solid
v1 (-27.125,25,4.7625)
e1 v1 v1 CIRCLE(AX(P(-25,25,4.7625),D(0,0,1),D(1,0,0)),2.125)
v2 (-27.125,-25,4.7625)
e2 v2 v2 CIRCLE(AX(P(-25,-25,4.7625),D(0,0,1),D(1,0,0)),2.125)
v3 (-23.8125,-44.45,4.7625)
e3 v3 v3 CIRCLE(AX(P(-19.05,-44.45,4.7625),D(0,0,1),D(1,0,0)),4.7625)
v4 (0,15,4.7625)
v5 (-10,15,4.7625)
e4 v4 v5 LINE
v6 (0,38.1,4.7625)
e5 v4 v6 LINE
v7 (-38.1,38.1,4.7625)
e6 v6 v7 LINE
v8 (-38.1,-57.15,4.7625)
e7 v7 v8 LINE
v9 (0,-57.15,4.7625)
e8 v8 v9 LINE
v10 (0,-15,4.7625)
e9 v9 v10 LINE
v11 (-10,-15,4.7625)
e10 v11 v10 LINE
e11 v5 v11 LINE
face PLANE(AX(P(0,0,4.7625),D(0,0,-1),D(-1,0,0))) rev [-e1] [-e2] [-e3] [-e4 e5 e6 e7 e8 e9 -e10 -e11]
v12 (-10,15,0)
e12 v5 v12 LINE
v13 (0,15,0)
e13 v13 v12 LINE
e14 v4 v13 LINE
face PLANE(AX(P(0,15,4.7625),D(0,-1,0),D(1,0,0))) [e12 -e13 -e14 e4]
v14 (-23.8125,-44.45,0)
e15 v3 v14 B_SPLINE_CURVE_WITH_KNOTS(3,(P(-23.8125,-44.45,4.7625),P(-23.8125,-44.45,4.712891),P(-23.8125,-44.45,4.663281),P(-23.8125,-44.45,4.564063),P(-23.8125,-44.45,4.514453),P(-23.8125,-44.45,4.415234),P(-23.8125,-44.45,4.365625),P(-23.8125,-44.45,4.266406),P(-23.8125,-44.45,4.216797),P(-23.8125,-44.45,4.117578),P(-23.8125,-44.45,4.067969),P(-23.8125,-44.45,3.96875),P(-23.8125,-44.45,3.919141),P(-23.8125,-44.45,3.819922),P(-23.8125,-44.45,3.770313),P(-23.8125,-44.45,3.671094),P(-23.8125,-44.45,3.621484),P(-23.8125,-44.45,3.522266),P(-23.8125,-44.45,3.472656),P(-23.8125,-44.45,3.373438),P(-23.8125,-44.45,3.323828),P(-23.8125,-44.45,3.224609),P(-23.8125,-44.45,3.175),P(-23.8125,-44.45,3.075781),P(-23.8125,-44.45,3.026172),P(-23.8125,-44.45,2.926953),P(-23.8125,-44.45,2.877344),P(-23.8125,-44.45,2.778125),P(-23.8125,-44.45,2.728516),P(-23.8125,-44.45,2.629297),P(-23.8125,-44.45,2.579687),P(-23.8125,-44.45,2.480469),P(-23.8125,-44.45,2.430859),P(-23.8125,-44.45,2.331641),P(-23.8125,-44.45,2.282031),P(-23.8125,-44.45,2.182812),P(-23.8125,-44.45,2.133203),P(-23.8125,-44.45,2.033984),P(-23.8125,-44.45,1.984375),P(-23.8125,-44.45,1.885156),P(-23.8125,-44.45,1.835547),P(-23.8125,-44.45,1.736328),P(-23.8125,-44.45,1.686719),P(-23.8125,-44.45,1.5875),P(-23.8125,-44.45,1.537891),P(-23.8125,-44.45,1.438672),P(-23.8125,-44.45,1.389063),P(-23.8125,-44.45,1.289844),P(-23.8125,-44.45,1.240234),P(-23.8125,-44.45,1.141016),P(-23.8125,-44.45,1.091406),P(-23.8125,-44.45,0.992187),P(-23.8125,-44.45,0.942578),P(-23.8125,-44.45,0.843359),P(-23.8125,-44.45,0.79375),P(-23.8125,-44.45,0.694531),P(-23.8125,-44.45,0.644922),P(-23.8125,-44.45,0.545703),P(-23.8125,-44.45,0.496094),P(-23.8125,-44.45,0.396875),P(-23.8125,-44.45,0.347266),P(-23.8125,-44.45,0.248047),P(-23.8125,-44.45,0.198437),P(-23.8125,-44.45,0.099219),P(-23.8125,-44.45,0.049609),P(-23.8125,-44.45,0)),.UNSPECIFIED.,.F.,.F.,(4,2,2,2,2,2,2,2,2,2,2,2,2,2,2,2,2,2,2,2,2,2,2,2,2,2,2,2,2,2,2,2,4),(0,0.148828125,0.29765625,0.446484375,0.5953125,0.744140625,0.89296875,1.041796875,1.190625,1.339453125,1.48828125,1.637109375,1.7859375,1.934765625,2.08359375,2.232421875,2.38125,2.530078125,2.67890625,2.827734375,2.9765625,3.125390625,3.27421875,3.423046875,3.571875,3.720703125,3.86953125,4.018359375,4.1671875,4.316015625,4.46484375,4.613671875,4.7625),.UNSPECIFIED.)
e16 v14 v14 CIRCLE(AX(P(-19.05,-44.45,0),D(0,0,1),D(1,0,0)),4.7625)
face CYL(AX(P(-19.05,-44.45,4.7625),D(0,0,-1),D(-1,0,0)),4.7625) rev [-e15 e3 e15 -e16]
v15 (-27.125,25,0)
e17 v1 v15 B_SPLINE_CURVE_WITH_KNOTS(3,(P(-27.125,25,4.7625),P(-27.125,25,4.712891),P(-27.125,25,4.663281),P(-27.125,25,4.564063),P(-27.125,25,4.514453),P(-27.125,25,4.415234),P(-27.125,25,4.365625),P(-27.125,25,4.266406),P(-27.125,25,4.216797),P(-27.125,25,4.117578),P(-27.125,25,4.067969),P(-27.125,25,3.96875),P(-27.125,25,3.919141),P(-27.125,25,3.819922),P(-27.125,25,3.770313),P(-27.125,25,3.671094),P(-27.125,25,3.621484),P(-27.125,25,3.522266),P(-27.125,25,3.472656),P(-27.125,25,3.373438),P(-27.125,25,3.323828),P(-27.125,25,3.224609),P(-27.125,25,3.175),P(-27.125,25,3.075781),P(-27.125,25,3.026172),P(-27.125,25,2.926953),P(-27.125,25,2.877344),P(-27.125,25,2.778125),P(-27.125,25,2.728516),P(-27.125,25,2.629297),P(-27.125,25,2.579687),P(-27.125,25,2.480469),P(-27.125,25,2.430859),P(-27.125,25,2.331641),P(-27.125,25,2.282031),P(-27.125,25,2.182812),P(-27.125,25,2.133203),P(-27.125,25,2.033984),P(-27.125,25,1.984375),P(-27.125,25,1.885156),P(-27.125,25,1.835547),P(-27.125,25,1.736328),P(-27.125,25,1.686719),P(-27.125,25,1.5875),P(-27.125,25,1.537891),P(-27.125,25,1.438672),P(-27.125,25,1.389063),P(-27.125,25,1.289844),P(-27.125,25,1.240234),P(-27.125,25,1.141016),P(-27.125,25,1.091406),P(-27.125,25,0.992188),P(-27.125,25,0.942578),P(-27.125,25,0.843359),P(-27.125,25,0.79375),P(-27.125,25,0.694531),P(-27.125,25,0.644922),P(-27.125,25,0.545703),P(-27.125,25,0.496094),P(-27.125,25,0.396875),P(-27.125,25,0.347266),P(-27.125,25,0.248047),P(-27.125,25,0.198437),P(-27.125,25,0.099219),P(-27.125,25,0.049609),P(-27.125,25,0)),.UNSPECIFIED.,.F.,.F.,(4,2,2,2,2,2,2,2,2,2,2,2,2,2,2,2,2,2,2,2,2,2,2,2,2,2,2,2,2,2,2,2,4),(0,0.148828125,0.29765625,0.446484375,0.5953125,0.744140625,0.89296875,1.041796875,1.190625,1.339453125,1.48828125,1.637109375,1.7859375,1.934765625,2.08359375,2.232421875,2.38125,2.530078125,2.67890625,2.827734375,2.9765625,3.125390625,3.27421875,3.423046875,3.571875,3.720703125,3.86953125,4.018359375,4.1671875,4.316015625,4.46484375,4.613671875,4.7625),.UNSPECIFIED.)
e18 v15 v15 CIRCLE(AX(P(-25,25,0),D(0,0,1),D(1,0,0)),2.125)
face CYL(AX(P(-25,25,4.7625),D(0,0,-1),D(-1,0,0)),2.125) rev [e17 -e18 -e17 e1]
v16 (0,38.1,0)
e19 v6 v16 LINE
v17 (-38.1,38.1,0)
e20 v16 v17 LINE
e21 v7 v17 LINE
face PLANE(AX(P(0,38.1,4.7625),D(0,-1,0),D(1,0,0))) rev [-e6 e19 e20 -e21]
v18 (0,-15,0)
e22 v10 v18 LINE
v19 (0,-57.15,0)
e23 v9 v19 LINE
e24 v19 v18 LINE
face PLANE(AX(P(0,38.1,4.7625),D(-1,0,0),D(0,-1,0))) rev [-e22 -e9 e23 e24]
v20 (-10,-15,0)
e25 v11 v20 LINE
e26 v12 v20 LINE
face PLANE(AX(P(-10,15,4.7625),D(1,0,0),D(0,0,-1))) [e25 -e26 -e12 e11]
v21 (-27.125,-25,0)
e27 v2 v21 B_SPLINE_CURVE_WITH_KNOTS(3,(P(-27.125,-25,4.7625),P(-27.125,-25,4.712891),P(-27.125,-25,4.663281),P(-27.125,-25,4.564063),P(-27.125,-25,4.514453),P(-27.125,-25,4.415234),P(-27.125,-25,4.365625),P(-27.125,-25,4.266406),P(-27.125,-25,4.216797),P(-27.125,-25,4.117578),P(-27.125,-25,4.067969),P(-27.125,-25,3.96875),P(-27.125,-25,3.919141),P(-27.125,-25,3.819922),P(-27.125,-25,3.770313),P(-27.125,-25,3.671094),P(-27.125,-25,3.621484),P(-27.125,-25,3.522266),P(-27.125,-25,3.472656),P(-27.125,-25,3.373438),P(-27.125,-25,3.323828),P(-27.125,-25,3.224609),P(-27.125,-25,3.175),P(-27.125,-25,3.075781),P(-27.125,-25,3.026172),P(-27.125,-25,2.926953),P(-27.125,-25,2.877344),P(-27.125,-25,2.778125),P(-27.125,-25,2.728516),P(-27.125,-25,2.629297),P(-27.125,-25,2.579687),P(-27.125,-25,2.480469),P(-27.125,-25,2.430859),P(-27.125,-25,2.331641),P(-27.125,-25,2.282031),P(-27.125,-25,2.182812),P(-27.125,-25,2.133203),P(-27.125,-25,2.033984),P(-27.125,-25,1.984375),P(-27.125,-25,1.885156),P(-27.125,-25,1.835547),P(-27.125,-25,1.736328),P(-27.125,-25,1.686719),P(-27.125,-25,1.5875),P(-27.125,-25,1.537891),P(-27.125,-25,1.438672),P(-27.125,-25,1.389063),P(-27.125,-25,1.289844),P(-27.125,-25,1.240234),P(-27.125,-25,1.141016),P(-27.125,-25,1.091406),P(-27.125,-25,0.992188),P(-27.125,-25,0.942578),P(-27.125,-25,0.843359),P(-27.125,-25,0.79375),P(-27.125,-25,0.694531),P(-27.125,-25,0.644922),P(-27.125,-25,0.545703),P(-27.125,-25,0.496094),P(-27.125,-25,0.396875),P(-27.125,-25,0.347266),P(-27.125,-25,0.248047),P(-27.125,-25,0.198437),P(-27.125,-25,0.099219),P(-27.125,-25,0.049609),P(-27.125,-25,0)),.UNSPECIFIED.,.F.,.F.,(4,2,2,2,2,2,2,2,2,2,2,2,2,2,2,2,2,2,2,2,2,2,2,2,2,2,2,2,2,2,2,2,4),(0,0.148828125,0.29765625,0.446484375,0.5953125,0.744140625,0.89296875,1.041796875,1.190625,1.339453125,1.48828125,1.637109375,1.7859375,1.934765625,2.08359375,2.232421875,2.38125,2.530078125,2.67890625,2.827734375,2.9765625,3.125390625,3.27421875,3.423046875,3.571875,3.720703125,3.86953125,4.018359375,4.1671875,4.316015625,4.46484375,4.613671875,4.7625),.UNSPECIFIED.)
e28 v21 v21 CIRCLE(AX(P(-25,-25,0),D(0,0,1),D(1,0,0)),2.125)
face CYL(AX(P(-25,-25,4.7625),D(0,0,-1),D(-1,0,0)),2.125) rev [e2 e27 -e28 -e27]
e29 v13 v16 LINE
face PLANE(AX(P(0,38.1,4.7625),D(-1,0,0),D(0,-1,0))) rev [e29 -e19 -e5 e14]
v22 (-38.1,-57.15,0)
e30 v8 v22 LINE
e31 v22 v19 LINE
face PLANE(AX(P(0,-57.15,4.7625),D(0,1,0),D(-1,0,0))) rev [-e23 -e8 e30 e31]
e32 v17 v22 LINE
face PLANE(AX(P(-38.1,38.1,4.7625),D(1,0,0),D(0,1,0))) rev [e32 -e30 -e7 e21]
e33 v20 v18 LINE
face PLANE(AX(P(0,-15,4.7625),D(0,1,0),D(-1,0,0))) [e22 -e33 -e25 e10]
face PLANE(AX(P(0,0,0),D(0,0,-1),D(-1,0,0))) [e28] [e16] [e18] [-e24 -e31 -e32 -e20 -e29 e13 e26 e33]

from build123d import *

# Parameters (mm, degrees)
SKETCH2_W           = 38.1
SKETCH2_H           = 95.25
BOSS_EXTRUDE1_DEPTH = 4.7625
SKETCH3_R           = 2.125
SKETCH3_R_2         = 4.7625
SKETCH3_W           = 10
SKETCH3_H           = 30
CUT_EXTRUDE3_DEPTH  = 69.850663804


with BuildPart() as part:
    # Sketch2 → Boss-Extrude1 (new body)
    with BuildSketch(Plane.XY):
        with Locations((-19.05, -9.525)):
            Rectangle(SKETCH2_W, SKETCH2_H)
    extrude(amount=BOSS_EXTRUDE1_DEPTH)

    # Sketch3 → Cut-Extrude3 (cut, through all)
    with BuildSketch(Plane.XY):
        with Locations(Location((-25, 25, 0), (0, 0, 180))):
            Circle(SKETCH3_R)
        with Locations((25, 25)):
            Circle(SKETCH3_R)
        with Locations((25, -25)):
            Circle(SKETCH3_R)
        with Locations(Location((-25, -25, 0), (0, 0, 180))):
            Circle(SKETCH3_R)
        with Locations(Location((-19.05, -44.45, 0), (0, 0, 180))):
            Circle(SKETCH3_R_2)
        with Locations((-5, 0)):
            Rectangle(SKETCH3_W, SKETCH3_H)
    extrude(amount=CUT_EXTRUDE3_DEPTH, mode=Mode.SUBTRACT)


solid = part.part
